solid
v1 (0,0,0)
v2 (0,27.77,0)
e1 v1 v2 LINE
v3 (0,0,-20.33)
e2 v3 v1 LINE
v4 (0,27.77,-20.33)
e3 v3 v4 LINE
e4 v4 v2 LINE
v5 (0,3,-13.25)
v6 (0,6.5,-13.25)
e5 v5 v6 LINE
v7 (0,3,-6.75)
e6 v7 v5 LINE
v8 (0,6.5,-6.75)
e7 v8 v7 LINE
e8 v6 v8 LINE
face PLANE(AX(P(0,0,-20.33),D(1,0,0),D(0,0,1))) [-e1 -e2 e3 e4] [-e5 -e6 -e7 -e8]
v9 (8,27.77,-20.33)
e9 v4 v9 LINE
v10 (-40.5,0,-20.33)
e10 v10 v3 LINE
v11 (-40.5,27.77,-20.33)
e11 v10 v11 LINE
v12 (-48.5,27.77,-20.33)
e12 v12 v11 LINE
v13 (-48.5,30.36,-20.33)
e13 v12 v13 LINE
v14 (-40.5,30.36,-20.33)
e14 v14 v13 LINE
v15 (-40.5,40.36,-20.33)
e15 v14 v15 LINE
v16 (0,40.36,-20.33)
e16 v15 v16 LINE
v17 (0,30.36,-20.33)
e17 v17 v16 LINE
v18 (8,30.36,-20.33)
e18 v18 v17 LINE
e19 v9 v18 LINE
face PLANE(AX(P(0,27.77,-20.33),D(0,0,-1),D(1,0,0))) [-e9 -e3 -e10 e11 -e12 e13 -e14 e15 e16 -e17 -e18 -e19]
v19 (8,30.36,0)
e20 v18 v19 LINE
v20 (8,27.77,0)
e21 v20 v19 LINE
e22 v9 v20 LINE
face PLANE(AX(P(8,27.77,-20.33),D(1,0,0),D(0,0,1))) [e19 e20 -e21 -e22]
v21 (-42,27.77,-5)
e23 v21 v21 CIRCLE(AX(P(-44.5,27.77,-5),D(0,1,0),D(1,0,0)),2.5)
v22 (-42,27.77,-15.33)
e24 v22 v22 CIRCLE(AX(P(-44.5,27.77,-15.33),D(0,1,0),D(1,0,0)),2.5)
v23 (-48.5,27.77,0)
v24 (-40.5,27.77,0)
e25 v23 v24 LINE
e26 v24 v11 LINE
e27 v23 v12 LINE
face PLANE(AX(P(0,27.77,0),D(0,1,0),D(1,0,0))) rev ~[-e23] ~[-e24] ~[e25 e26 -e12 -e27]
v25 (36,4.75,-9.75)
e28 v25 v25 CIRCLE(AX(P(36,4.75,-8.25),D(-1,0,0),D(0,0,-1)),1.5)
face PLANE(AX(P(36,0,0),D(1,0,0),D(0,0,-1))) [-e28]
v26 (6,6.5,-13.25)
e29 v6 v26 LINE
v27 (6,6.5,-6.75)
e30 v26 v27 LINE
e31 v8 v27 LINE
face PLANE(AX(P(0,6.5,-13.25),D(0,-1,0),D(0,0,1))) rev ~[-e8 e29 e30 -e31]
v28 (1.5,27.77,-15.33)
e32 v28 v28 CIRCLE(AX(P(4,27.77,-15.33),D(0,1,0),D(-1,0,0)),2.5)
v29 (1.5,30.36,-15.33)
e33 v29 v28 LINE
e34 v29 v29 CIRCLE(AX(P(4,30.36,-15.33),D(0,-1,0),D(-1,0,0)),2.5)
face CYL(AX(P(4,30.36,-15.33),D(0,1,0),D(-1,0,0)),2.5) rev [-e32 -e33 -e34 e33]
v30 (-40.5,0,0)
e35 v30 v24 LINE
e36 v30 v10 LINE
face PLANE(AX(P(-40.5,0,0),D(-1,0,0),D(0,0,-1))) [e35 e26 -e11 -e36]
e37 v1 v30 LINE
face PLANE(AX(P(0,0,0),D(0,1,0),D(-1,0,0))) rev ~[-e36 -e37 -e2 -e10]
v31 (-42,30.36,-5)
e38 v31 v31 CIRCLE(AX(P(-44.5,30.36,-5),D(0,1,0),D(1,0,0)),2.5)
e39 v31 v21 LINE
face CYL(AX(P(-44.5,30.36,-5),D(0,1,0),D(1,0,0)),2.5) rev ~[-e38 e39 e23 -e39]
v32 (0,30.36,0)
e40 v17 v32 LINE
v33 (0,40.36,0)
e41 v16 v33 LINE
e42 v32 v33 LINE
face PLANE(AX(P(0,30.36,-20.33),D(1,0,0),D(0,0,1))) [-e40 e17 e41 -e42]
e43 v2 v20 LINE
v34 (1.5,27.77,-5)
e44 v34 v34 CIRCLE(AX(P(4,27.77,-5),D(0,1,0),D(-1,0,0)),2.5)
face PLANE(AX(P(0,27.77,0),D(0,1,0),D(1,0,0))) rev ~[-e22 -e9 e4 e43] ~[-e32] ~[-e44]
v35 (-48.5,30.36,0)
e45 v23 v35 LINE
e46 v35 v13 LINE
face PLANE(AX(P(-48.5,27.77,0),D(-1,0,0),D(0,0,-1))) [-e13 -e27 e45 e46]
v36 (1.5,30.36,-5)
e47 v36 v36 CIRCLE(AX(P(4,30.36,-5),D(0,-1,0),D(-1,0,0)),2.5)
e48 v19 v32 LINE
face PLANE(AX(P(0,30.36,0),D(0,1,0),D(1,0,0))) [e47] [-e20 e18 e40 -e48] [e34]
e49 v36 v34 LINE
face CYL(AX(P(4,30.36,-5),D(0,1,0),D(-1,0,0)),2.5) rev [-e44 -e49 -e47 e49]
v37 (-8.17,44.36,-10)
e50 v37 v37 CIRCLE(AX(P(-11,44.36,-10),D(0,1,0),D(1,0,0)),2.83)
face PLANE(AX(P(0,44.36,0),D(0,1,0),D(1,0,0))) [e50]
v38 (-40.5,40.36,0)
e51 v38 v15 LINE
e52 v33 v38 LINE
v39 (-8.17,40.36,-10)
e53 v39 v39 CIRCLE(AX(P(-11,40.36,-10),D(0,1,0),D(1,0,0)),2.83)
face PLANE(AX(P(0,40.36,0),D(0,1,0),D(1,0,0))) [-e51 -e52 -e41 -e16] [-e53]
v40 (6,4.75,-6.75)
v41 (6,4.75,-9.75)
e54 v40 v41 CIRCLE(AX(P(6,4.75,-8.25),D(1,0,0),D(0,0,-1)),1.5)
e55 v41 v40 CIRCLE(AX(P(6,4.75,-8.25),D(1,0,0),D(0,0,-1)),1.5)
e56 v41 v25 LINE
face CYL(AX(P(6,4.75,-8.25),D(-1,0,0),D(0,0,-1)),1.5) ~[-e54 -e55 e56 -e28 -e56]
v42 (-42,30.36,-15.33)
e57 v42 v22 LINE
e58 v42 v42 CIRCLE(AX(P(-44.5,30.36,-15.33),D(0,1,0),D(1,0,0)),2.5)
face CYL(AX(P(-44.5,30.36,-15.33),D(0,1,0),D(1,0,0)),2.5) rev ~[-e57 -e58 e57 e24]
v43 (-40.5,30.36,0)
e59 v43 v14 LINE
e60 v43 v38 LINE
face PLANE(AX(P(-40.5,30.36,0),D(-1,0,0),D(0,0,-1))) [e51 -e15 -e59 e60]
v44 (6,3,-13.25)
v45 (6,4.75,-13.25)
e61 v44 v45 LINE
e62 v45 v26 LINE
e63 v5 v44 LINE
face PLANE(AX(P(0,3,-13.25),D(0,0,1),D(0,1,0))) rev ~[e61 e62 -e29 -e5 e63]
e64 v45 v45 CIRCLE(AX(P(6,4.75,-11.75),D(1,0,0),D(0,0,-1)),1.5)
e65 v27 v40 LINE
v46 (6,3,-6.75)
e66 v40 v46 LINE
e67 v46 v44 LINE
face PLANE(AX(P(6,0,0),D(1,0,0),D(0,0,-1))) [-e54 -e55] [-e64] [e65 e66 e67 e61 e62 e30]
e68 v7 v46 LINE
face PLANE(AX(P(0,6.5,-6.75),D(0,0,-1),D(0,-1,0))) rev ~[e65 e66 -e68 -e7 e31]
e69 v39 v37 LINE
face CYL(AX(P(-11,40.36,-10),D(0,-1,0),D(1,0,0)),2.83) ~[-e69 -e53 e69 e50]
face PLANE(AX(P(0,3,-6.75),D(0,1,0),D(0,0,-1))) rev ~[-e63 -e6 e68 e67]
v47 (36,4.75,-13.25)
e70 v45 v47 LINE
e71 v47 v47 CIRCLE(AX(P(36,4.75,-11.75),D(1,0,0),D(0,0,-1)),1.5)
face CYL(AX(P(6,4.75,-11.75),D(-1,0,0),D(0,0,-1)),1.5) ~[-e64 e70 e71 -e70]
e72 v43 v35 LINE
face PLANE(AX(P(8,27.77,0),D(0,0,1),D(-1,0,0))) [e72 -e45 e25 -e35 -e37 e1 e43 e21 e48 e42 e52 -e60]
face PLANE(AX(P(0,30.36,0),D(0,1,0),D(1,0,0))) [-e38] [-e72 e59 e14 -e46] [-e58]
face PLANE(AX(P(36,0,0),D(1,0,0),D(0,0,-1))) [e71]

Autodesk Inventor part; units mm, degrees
ref_plane "YZ Plane" through (0, 0, 0) normal (1, 0, 0) x (0, 1, 0)
ref_plane "XZ Plane" through (0, 0, 0) normal (0, 1, 0) x (-1, 0, 0)
ref_plane "XY Plane" through (0, 0, 0) normal (0, 0, 1) x (1, 0, 0)
sketch "Sketch1" plane through (0, 0, 0) normal (0, 1, 0) x (-1, 0, 0)
  line L0 (0, 0) -> (40.5, 0)
  line L1 (40.5, 0) -> (40.5, -20.33)
  line L2 (40.5, -20.33) -> (0, -20.33)
  line L3 (0, -20.33) -> (0, 0)
  dimension "d0" = 20.33
  dimension "d1" = 40.5
extrude "Extrusion1" add sketch "Sketch1" along normal blind 27.77
sketch "Sketch2" plane through (0, 27.77, 0) normal (0, 1, 0) x (1, 0, 0)
  line L0 (8, 0) -> (-48.5, 0)
  line L1 (-48.5, 0) -> (-48.5, 20.33)
  line L2 (-48.5, 20.33) -> (8, 20.33)
  line L3 (8, 20.33) -> (8, 0)
  line L4 (0, 20.33) -> (-40.5, 20.33) projected
  line L5 (-40.5, 20.33) -> (-40.5, 0) projected
  line L6 (-40.5, 0) -> (0, 0) projected
  line L7 (0, 0) -> (0, 20.33) projected
  point P0 (-40.5, 20.33)
  dimension "d4" = 0
  dimension "d6" = 8
  dimension "d7" = 0
  dimension "d41" = 8
extrude "Extrusion2" add sketch "Sketch2" along normal blind 2.59
sketch "Sketch3" plane through (0, 30.36, 0) normal (0, 1, 0) x (1, 0, 0)
  circle A0 centre (-44.5, 5) radius 2.5
  circle A1 centre (-44.5, 15.33) radius 2.5
  line L0 (-48.5, 0) -> (8, 0) projected
  line L1 (8, 20.33) -> (-48.5, 20.33) projected
  line L2 (-48.5, 20.33) -> (-48.5, 0) projected
  point P0 (0, 0)
  dimension "d10" = 5
  dimension "d11" = 5
  dimension "d12" = 5
  dimension "d14" = 5
  dimension "d15" = 4
  dimension "d16" = 4
extrude "Extrusion3" cut sketch "Sketch3" against normal blind 3.5
ref_plane "Work Plane1" through (-20.25, 27.77, 0) normal (1, 0, 0) x (0, 0, -1)
mirror "Mirror1" about plane through (-20.25, 27.77, 0) normal (1, 0, 0) of "Extrusion3"
sketch "Sketch4" plane through (0, 30.36, 0) normal (0, 1, 0) x (1, 0, 0)
  line L0 (0, 0) -> (-40.5, 0)
  line L1 (-40.5, 0) -> (-40.5, 20.33)
  line L2 (-40.5, 20.33) -> (0, 20.33)
  line L3 (0, 20.33) -> (0, 0)
extrude "Extrusion4" add sketch "Sketch4" along normal blind 10
sketch "Sketch5" plane through (0, 40.36, 0) normal (0, 1, 0) x (1, 0, 0)
  circle A0 centre (-11, 10) radius 2.83
  line L0 (0, 0) -> (0, 20.33) projected
  line L1 (-40.5, 0) -> (0, 0) projected
  line L2 (-40.5, 20.33) -> (-40.5, 0) projected
  dimension "d22" = 10
  dimension "d23" = 5.66
  dimension "d42" = 11
extrude "Extrusion5" add sketch "Sketch5" along normal blind 4
sketch "Sketch6" plane through (0, 0, 0) normal (1, 0, 0) x (0, 0, -1)
  line L0 (6.75, 3) -> (13.25, 3)
  line L1 (13.25, 3) -> (13.25, 6.5)
  line L2 (13.25, 6.5) -> (6.75, 6.5)
  line L3 (6.75, 6.5) -> (6.75, 3)
  line L4 (0, 0) -> (20.33, 0) projected
  line L5 (0, 0) -> (0, 27.77) projected
  dimension "d26" = 3
  dimension "d27" = 6.5
  dimension "d28" = 3.5
  dimension "d29" = 6.75
extrude "Extrusion6" add sketch "Sketch6" along normal blind 6
sketch "Sketch7" plane through (6, 0, 0) normal (1, 0, 0) x (0, 0, -1)
  circle A0 centre (11.75, 4.75) radius 1.5
  circle A1 centre (8.25, 4.75) radius 1.5
  line L0 (6.75, 6.5) -> (6.75, 3) projected
  line L1 (13.25, 3) -> (13.25, 6.5) projected
  line L2 (6.75, 3) -> (13.25, 3) projected
  point P0 (0, 0)
  dimension "d32" = 3
  dimension "d33" = 3
  dimension "d34" = 1.5
  dimension "d35" = 1.5
  dimension "d36" = 1.75
  dimension "d37" = 1.75
extrude "Extrusion7" add sketch "Sketch7" along normal blind 30
equation "\"d16\" = d15"
equation "\"d33\" = d32"
equation "\"d37\" = d36"
properties part number "motor_25kg"
